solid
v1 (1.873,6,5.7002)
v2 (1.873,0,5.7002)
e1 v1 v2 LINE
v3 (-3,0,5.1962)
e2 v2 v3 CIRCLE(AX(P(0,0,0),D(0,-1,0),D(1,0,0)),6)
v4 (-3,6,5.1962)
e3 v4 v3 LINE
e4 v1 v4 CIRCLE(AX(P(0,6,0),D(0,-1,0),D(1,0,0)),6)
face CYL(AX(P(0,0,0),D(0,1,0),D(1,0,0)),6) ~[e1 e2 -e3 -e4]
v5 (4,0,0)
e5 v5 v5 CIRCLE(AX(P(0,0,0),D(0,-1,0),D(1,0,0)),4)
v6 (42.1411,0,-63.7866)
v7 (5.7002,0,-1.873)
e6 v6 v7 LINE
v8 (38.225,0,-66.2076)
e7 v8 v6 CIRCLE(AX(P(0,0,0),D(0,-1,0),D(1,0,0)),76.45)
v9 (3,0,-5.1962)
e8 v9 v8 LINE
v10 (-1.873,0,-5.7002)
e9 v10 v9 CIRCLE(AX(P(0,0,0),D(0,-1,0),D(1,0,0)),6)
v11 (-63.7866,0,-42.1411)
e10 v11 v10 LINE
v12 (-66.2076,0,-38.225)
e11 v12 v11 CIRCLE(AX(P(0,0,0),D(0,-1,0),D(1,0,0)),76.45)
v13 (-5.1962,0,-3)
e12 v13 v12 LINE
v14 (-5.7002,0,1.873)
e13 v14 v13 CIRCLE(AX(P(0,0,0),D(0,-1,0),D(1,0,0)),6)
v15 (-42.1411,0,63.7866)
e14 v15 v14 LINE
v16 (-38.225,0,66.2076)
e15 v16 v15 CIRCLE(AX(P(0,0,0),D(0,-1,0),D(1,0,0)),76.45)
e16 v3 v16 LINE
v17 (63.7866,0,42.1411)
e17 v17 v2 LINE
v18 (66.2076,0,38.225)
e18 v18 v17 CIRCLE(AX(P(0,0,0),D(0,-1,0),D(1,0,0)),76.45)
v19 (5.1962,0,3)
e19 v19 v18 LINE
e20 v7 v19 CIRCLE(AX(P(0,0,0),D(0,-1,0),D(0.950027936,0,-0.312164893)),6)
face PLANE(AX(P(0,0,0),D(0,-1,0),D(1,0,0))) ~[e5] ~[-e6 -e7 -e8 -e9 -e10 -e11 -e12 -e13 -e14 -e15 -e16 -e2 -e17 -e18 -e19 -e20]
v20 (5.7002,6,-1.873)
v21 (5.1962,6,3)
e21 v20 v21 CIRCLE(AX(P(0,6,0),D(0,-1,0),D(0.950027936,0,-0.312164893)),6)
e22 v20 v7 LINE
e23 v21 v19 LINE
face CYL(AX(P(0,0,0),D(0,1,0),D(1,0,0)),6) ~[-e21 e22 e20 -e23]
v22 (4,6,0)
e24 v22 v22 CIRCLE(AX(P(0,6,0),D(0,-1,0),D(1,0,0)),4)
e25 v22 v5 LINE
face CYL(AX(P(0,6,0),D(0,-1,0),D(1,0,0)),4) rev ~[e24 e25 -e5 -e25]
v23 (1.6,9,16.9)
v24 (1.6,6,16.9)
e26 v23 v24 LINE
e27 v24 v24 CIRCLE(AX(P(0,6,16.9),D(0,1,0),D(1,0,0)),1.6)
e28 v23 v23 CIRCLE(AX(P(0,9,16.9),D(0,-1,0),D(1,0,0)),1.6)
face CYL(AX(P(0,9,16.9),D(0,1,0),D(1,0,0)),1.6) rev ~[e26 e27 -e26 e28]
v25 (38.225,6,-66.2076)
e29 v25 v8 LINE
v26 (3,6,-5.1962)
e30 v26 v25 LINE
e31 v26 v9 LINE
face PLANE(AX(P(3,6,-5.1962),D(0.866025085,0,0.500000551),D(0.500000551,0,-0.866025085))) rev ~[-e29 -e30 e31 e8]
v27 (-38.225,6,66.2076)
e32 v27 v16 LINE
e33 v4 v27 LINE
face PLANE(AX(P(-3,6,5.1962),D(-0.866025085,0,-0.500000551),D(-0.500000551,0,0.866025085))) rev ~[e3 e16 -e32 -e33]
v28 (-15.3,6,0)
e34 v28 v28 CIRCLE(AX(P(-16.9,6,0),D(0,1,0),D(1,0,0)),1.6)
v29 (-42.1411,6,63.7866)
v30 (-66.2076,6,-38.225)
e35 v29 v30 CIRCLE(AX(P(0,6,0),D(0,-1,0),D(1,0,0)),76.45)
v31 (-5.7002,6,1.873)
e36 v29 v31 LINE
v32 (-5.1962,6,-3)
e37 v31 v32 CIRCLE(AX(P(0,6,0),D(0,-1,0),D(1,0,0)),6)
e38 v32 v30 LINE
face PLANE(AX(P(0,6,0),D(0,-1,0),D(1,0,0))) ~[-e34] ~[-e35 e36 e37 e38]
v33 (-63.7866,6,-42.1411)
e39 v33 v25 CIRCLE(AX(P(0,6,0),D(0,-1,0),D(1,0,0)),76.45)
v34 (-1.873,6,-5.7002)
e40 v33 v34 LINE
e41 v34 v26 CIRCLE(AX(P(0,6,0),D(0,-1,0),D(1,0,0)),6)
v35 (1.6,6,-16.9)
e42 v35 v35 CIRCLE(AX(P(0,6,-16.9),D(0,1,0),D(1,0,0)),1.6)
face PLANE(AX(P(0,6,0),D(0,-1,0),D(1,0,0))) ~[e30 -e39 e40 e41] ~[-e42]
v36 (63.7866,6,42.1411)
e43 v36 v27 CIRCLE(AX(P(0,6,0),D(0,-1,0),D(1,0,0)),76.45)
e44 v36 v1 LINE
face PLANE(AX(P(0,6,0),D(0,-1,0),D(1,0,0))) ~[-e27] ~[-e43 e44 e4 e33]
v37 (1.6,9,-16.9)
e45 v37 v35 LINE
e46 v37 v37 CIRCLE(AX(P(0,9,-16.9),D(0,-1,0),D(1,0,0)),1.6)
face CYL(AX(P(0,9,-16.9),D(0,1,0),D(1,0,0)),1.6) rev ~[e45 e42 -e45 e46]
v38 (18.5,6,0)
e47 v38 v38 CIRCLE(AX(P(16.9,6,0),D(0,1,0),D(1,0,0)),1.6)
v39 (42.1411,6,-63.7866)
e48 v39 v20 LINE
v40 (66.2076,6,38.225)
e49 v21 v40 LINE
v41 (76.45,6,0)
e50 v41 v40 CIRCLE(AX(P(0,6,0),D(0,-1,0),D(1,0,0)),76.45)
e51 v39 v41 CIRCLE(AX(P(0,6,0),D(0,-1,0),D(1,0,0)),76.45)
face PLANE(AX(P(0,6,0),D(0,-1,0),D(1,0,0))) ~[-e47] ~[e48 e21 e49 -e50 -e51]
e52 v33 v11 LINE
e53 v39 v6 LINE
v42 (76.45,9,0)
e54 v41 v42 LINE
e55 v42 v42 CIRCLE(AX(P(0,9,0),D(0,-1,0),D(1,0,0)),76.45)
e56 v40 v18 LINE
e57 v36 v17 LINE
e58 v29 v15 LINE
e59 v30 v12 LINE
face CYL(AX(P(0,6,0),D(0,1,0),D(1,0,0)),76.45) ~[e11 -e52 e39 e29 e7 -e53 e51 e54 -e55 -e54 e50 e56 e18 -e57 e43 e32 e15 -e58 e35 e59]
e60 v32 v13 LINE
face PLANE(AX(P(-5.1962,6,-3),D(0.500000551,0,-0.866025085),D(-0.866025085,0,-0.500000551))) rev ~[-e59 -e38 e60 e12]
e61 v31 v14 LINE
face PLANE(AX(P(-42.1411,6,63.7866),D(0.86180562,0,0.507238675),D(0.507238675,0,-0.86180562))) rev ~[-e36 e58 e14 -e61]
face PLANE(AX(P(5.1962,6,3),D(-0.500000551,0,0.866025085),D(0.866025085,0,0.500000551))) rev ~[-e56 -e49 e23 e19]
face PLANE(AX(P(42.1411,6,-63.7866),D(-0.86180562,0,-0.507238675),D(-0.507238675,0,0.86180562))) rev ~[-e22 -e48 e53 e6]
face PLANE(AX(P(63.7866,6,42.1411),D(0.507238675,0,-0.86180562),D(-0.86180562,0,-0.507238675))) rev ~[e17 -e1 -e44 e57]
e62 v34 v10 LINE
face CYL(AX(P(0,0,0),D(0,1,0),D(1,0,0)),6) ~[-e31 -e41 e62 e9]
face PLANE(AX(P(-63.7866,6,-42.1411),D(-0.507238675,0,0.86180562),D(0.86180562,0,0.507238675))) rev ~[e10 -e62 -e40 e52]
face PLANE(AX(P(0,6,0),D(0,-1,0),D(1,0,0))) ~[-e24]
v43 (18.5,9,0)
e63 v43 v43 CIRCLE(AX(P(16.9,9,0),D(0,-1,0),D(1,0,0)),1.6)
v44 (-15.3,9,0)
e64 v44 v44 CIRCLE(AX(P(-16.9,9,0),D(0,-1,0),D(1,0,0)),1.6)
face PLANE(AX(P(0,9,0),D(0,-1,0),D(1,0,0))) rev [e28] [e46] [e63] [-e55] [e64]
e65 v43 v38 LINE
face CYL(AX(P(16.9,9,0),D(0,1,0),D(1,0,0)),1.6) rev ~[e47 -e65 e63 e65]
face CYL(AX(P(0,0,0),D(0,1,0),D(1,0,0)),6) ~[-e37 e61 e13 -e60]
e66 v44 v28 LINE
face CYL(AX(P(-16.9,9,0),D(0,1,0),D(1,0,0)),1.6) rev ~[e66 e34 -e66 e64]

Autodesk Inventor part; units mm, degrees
ref_plane "YZ Plane" through (0, 0, 0) normal (1, 0, 0) x (0, 1, 0)
ref_plane "XZ Plane" through (0, 0, 0) normal (0, 1, 0) x (-1, 0, 0)
ref_plane "XY Plane" through (0, 0, 0) normal (0, 0, 1) x (1, 0, 0)
sketch "Sketch1" plane through (0, 0, 0) normal (0, 0, 1) x (1, 0, 0)
  line L0 (4, 0) -> (6, 0)
  line L1 (6, 0) -> (6, 6)
  line L2 (6, 6) -> (76.45, 6)
  line L3 (76.45, 6) -> (76.45, 9)
  line L4 (4, 6) -> (4, 0)
  line L5 (0, 9) -> (0, 6)
  line L6 (0, 6) -> (4, 6)
  line L7 (0, 9) -> (13.95, 9)
  line L8 (16.45, 9) -> (76.45, 9)
  line L9 (13.95, 9) -> (16.45, 9)
  point P0 (0, 0)
  dimension "d0" = 4
  dimension "d1" = 6
  dimension "d2" = 0
  dimension "d3" = 3
  dimension "d4" = 2
  dimension "d39" = 76.45
revolve "Revolution1" add sketch "Sketch1" angle 360 about axis through (0, 9, 0) along (0, -1, 0)
thread "Thread1" size "M8x1.25" class "6H" standard "ANSI Metric M Profile" full length
sketch "Sketch5" plane through (0, 6, 0) normal (0, -1, 0) x (1, 0, 0)
  circle A0 centre (0, 0) radius 76.45 projected
  circle A1 centre (0, 0) radius 6 projected
  circle A2 centre (0, 0) radius 4 projected
  line L0 (-5.1962, -3) -> (-66.2076, -38.225)
  line L1 (-63.7866, -42.1411) -> (-1.873, -5.7002)
  line L2 (42.1411, -63.7866) -> (5.7002, -1.873)
  line L3 (3, -5.1962) -> (38.225, -66.2076)
  line L4 (63.7866, 42.1411) -> (1.873, 5.7002)
  line L5 (5.1962, 3) -> (66.2076, 38.225)
  line L6 (-42.1411, 63.7866) -> (-5.7002, 1.873)
  line L7 (-3, 5.1962) -> (-38.225, 66.2076)
  arc A3 (38.225, -66.2076) -> (42.1411, -63.7866) centre (0, 0) ccw
  arc A4 (66.2076, 38.225) -> (63.7866, 42.1411) centre (0, 0) ccw
  arc A5 (-38.225, 66.2076) -> (-42.1411, 63.7866) centre (0, 0) ccw
  arc A6 (-66.2076, -38.225) -> (-63.7866, -42.1411) centre (0, 0) ccw
  arc A7 (-5.1962, -3) -> (-1.873, -5.7002) centre (0, 0) ccw
  arc A8 (-3, 5.1962) -> (-5.7002, 1.873) centre (0, 0) ccw
  arc A9 (3, -5.1962) -> (5.7002, -1.873) centre (0, 0) ccw
  arc A10 (5.1962, 3) -> (1.873, 5.7002) centre (0, 0) ccw
  point P0 (0, 0)
  point P1 (-38.225, 66.2076)
  point P2 (-42.1411, 63.7866)
  point P3 (-5.7002, 1.873)
  point P4 (5.1962, 3)
  point P5 (66.2076, 38.225)
  point P6 (63.7866, 42.1411)
  point P7 (1.873, 5.7002)
  point P8 (38.225, -66.2076)
  point P9 (42.1411, -63.7866)
  point P10 (5.7002, -1.873)
  dimension "d35" = 360
extrude "Extrusion3" add sketch "Sketch5" along normal blind 6 contours L5 A1 L4 A0 | A0 L3 A1 L2 | L7 A1 L6 A0 | A0 L0 A1 L1
sketch "Sketch6" plane through (0, 9, 0) normal (0, 1, 0) x (1, 0, 0)
  circle A0 centre (0, 0) radius 20.5
  circle A1 centre (0, 0) radius 16.9
  circle A2 centre (0, 16.9) radius 1.6
  circle A3 centre (-16.9, 0) radius 1.6
  circle A4 centre (0, -16.9) radius 1.6
  circle A5 centre (16.9, 0) radius 1.6
  dimension "d41" = 33.8
  dimension "d40" = 41
  dimension "d42" = 3.2
  dimension "d45" = 360
extrude "Extrusion4" cut sketch "Sketch6" against normal blind 10 contours A1 A5 | A1 A5 | A2 A1 | A1 A2 | A4 A1 | A1 A4 | A3 A1 | A1 A3
properties part number "motor platform reaction wheel" material "ABS Plastic"
